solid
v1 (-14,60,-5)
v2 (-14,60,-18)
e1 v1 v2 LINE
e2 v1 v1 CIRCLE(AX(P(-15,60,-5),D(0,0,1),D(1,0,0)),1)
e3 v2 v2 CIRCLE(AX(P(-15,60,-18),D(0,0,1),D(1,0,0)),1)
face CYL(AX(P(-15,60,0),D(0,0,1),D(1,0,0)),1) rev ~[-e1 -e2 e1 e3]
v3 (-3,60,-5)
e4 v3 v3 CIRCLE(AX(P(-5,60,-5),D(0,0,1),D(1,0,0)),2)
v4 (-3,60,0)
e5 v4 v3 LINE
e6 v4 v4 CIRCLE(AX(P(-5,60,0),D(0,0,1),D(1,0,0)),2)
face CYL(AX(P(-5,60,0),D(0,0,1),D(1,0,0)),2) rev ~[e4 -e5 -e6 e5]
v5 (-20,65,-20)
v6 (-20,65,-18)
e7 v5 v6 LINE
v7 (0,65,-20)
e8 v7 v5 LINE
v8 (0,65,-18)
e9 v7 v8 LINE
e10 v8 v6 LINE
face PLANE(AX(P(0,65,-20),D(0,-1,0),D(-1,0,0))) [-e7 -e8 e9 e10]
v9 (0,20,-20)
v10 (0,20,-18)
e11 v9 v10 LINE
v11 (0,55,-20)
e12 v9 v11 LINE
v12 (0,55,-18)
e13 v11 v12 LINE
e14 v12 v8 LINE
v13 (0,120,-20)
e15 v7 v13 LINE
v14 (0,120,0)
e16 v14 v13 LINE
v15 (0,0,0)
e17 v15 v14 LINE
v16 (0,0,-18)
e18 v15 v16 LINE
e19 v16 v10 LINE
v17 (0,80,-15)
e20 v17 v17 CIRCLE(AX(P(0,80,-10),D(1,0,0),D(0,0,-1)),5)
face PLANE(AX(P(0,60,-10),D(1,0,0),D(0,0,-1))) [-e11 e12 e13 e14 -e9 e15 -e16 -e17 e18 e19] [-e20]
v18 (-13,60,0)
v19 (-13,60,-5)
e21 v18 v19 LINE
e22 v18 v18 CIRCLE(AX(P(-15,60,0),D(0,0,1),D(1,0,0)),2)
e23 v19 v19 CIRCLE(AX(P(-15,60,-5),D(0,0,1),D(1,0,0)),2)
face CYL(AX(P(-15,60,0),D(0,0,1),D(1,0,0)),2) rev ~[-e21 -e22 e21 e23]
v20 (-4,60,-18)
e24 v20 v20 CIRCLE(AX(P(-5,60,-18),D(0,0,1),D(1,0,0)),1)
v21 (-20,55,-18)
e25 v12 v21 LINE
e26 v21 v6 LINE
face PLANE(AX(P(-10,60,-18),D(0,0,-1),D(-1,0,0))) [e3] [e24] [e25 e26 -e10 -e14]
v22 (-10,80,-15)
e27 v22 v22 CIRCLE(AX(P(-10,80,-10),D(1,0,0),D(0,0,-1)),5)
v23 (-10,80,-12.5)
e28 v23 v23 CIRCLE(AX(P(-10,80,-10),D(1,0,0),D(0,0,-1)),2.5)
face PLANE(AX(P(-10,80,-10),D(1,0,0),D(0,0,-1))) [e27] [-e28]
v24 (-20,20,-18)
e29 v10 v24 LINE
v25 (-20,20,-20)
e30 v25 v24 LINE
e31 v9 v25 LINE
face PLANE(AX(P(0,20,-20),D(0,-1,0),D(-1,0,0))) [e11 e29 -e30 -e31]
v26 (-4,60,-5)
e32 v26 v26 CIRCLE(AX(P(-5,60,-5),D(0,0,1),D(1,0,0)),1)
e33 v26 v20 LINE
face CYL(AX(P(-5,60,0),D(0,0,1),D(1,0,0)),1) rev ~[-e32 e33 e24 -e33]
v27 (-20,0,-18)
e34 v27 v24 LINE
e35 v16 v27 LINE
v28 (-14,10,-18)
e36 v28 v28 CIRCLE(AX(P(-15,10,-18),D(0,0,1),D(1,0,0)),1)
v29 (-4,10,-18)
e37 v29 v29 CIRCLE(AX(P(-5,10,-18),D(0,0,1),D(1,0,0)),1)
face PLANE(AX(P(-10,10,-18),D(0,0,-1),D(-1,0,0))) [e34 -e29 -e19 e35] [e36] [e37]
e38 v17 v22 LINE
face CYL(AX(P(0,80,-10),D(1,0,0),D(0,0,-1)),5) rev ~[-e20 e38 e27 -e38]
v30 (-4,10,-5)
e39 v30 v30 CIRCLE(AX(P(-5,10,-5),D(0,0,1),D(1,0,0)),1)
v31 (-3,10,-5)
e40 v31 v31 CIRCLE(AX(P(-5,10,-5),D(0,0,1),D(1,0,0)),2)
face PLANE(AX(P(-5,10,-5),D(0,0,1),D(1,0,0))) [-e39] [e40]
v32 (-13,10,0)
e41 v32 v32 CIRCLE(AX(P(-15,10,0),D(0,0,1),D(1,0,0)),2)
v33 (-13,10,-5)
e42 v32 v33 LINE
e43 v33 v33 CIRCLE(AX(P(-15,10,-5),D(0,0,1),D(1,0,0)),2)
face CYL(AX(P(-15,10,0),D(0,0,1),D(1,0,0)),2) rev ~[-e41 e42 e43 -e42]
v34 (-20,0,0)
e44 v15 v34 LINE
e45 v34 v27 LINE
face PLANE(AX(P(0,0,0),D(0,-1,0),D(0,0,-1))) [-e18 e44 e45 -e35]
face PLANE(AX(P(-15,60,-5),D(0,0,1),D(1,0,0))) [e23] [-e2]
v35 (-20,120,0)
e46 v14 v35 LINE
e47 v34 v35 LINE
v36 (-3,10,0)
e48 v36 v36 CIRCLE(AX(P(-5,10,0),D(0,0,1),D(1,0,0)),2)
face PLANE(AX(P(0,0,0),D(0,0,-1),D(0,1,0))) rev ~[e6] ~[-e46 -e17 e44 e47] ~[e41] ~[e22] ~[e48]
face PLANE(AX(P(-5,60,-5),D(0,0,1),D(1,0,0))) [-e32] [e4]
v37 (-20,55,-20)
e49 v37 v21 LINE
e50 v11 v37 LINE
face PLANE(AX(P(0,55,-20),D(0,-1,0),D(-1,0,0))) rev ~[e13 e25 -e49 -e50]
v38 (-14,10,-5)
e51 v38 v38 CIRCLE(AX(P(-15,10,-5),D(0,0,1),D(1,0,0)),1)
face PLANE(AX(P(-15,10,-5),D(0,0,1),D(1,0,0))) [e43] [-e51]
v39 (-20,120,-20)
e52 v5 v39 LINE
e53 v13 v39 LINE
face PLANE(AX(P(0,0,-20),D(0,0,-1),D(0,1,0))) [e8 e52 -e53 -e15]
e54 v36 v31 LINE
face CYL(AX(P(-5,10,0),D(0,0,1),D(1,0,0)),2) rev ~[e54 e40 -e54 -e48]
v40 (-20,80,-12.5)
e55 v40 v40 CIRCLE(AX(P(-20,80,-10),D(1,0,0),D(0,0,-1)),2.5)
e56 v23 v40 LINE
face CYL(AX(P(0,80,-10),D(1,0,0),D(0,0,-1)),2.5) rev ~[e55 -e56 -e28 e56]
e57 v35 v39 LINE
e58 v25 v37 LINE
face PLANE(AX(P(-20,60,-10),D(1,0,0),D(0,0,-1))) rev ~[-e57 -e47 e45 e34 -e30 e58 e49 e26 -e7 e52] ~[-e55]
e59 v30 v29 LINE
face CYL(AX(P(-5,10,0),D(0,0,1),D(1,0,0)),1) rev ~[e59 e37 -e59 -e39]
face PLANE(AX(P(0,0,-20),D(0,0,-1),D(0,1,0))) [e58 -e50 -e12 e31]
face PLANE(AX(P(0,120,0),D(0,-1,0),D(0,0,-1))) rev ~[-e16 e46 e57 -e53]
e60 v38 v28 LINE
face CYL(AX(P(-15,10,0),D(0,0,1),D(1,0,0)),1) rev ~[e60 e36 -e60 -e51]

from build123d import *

# Parameters (mm, degrees)
SKETCH1_W           = 20
SKETCH1_H           = 120
SKETCH1_R           = 2.5
BOSS_EXTRUDE2_DEPTH = 20
SKETCH10_R          = 5
CUT_EXTRUDE1_DEPTH  = 10
SKETCH11_R          = 1
CUT_EXTRUDE2_DEPTH  = 21
SKETCH12_R          = 2
CUT_EXTRUDE3_DEPTH  = 5
SKETCH11_3_R        = 1
CUT_EXTRUDE4_DEPTH  = 21
SKETCH14_W          = 20
SKETCH14_H          = 10
SKETCH14_H_2        = 20
CUT_EXTRUDE6_DEPTH  = 2


with BuildPart() as part:
    # Sketch1 → Boss-Extrude2 (new body)
    with BuildSketch(Plane(origin=(0, 0, 0), x_dir=(0, 0, -1), z_dir=(1, 0, 0))):
        with Locations((10, 60)):
            Rectangle(SKETCH1_W, SKETCH1_H)
        with Locations((10, 80)):
            Circle(SKETCH1_R, mode=Mode.SUBTRACT)
    extrude(amount=-BOSS_EXTRUDE2_DEPTH)

    # Sketch10 → Cut-Extrude1 (cut)
    with BuildSketch(Plane(origin=(0, 0, 0), x_dir=(0, 0, -1), z_dir=(1, 0, 0))):
        with Locations((10, 80)):
            Circle(SKETCH10_R)
    extrude(amount=-CUT_EXTRUDE1_DEPTH, mode=Mode.SUBTRACT)

    # Sketch11 → Cut-Extrude2 (cut, through all)
    with BuildSketch(Plane.XY):
        with Locations((-15, 10)):
            Circle(SKETCH11_R)
        with Locations((-5, 10)):
            Circle(SKETCH11_R)
    extrude(amount=-CUT_EXTRUDE2_DEPTH, mode=Mode.SUBTRACT)

    # Sketch12 → Cut-Extrude3 (cut)
    with BuildSketch(Plane.XY):
        with Locations((-15, 10)):
            Circle(SKETCH12_R)
        with Locations((-5, 10)):
            Circle(SKETCH12_R)
        with Locations((-15, 60)):
            Circle(SKETCH12_R)
        with Locations((-5, 60)):
            Circle(SKETCH12_R)
    extrude(amount=-CUT_EXTRUDE3_DEPTH, mode=Mode.SUBTRACT)

    # Sketch11<3> → Cut-Extrude4 (cut, through all)
    with BuildSketch(Plane.XY):
        with Locations((-15, 60)):
            Circle(SKETCH11_3_R)
        with Locations((-5, 60)):
            Circle(SKETCH11_3_R)
    extrude(amount=-CUT_EXTRUDE4_DEPTH, mode=Mode.SUBTRACT)

    # Sketch14 → Cut-Extrude6 (cut)
    with BuildSketch(Plane(origin=(0, 0, -20), x_dir=(-1, 0, 0), z_dir=(0, 0, -1))):
        with Locations((10, 60)):
            Rectangle(SKETCH14_W, SKETCH14_H)
        with Locations((10, 10)):
            Rectangle(SKETCH14_W, SKETCH14_H_2)
    extrude(amount=-CUT_EXTRUDE6_DEPTH, mode=Mode.SUBTRACT)


solid = part.part
